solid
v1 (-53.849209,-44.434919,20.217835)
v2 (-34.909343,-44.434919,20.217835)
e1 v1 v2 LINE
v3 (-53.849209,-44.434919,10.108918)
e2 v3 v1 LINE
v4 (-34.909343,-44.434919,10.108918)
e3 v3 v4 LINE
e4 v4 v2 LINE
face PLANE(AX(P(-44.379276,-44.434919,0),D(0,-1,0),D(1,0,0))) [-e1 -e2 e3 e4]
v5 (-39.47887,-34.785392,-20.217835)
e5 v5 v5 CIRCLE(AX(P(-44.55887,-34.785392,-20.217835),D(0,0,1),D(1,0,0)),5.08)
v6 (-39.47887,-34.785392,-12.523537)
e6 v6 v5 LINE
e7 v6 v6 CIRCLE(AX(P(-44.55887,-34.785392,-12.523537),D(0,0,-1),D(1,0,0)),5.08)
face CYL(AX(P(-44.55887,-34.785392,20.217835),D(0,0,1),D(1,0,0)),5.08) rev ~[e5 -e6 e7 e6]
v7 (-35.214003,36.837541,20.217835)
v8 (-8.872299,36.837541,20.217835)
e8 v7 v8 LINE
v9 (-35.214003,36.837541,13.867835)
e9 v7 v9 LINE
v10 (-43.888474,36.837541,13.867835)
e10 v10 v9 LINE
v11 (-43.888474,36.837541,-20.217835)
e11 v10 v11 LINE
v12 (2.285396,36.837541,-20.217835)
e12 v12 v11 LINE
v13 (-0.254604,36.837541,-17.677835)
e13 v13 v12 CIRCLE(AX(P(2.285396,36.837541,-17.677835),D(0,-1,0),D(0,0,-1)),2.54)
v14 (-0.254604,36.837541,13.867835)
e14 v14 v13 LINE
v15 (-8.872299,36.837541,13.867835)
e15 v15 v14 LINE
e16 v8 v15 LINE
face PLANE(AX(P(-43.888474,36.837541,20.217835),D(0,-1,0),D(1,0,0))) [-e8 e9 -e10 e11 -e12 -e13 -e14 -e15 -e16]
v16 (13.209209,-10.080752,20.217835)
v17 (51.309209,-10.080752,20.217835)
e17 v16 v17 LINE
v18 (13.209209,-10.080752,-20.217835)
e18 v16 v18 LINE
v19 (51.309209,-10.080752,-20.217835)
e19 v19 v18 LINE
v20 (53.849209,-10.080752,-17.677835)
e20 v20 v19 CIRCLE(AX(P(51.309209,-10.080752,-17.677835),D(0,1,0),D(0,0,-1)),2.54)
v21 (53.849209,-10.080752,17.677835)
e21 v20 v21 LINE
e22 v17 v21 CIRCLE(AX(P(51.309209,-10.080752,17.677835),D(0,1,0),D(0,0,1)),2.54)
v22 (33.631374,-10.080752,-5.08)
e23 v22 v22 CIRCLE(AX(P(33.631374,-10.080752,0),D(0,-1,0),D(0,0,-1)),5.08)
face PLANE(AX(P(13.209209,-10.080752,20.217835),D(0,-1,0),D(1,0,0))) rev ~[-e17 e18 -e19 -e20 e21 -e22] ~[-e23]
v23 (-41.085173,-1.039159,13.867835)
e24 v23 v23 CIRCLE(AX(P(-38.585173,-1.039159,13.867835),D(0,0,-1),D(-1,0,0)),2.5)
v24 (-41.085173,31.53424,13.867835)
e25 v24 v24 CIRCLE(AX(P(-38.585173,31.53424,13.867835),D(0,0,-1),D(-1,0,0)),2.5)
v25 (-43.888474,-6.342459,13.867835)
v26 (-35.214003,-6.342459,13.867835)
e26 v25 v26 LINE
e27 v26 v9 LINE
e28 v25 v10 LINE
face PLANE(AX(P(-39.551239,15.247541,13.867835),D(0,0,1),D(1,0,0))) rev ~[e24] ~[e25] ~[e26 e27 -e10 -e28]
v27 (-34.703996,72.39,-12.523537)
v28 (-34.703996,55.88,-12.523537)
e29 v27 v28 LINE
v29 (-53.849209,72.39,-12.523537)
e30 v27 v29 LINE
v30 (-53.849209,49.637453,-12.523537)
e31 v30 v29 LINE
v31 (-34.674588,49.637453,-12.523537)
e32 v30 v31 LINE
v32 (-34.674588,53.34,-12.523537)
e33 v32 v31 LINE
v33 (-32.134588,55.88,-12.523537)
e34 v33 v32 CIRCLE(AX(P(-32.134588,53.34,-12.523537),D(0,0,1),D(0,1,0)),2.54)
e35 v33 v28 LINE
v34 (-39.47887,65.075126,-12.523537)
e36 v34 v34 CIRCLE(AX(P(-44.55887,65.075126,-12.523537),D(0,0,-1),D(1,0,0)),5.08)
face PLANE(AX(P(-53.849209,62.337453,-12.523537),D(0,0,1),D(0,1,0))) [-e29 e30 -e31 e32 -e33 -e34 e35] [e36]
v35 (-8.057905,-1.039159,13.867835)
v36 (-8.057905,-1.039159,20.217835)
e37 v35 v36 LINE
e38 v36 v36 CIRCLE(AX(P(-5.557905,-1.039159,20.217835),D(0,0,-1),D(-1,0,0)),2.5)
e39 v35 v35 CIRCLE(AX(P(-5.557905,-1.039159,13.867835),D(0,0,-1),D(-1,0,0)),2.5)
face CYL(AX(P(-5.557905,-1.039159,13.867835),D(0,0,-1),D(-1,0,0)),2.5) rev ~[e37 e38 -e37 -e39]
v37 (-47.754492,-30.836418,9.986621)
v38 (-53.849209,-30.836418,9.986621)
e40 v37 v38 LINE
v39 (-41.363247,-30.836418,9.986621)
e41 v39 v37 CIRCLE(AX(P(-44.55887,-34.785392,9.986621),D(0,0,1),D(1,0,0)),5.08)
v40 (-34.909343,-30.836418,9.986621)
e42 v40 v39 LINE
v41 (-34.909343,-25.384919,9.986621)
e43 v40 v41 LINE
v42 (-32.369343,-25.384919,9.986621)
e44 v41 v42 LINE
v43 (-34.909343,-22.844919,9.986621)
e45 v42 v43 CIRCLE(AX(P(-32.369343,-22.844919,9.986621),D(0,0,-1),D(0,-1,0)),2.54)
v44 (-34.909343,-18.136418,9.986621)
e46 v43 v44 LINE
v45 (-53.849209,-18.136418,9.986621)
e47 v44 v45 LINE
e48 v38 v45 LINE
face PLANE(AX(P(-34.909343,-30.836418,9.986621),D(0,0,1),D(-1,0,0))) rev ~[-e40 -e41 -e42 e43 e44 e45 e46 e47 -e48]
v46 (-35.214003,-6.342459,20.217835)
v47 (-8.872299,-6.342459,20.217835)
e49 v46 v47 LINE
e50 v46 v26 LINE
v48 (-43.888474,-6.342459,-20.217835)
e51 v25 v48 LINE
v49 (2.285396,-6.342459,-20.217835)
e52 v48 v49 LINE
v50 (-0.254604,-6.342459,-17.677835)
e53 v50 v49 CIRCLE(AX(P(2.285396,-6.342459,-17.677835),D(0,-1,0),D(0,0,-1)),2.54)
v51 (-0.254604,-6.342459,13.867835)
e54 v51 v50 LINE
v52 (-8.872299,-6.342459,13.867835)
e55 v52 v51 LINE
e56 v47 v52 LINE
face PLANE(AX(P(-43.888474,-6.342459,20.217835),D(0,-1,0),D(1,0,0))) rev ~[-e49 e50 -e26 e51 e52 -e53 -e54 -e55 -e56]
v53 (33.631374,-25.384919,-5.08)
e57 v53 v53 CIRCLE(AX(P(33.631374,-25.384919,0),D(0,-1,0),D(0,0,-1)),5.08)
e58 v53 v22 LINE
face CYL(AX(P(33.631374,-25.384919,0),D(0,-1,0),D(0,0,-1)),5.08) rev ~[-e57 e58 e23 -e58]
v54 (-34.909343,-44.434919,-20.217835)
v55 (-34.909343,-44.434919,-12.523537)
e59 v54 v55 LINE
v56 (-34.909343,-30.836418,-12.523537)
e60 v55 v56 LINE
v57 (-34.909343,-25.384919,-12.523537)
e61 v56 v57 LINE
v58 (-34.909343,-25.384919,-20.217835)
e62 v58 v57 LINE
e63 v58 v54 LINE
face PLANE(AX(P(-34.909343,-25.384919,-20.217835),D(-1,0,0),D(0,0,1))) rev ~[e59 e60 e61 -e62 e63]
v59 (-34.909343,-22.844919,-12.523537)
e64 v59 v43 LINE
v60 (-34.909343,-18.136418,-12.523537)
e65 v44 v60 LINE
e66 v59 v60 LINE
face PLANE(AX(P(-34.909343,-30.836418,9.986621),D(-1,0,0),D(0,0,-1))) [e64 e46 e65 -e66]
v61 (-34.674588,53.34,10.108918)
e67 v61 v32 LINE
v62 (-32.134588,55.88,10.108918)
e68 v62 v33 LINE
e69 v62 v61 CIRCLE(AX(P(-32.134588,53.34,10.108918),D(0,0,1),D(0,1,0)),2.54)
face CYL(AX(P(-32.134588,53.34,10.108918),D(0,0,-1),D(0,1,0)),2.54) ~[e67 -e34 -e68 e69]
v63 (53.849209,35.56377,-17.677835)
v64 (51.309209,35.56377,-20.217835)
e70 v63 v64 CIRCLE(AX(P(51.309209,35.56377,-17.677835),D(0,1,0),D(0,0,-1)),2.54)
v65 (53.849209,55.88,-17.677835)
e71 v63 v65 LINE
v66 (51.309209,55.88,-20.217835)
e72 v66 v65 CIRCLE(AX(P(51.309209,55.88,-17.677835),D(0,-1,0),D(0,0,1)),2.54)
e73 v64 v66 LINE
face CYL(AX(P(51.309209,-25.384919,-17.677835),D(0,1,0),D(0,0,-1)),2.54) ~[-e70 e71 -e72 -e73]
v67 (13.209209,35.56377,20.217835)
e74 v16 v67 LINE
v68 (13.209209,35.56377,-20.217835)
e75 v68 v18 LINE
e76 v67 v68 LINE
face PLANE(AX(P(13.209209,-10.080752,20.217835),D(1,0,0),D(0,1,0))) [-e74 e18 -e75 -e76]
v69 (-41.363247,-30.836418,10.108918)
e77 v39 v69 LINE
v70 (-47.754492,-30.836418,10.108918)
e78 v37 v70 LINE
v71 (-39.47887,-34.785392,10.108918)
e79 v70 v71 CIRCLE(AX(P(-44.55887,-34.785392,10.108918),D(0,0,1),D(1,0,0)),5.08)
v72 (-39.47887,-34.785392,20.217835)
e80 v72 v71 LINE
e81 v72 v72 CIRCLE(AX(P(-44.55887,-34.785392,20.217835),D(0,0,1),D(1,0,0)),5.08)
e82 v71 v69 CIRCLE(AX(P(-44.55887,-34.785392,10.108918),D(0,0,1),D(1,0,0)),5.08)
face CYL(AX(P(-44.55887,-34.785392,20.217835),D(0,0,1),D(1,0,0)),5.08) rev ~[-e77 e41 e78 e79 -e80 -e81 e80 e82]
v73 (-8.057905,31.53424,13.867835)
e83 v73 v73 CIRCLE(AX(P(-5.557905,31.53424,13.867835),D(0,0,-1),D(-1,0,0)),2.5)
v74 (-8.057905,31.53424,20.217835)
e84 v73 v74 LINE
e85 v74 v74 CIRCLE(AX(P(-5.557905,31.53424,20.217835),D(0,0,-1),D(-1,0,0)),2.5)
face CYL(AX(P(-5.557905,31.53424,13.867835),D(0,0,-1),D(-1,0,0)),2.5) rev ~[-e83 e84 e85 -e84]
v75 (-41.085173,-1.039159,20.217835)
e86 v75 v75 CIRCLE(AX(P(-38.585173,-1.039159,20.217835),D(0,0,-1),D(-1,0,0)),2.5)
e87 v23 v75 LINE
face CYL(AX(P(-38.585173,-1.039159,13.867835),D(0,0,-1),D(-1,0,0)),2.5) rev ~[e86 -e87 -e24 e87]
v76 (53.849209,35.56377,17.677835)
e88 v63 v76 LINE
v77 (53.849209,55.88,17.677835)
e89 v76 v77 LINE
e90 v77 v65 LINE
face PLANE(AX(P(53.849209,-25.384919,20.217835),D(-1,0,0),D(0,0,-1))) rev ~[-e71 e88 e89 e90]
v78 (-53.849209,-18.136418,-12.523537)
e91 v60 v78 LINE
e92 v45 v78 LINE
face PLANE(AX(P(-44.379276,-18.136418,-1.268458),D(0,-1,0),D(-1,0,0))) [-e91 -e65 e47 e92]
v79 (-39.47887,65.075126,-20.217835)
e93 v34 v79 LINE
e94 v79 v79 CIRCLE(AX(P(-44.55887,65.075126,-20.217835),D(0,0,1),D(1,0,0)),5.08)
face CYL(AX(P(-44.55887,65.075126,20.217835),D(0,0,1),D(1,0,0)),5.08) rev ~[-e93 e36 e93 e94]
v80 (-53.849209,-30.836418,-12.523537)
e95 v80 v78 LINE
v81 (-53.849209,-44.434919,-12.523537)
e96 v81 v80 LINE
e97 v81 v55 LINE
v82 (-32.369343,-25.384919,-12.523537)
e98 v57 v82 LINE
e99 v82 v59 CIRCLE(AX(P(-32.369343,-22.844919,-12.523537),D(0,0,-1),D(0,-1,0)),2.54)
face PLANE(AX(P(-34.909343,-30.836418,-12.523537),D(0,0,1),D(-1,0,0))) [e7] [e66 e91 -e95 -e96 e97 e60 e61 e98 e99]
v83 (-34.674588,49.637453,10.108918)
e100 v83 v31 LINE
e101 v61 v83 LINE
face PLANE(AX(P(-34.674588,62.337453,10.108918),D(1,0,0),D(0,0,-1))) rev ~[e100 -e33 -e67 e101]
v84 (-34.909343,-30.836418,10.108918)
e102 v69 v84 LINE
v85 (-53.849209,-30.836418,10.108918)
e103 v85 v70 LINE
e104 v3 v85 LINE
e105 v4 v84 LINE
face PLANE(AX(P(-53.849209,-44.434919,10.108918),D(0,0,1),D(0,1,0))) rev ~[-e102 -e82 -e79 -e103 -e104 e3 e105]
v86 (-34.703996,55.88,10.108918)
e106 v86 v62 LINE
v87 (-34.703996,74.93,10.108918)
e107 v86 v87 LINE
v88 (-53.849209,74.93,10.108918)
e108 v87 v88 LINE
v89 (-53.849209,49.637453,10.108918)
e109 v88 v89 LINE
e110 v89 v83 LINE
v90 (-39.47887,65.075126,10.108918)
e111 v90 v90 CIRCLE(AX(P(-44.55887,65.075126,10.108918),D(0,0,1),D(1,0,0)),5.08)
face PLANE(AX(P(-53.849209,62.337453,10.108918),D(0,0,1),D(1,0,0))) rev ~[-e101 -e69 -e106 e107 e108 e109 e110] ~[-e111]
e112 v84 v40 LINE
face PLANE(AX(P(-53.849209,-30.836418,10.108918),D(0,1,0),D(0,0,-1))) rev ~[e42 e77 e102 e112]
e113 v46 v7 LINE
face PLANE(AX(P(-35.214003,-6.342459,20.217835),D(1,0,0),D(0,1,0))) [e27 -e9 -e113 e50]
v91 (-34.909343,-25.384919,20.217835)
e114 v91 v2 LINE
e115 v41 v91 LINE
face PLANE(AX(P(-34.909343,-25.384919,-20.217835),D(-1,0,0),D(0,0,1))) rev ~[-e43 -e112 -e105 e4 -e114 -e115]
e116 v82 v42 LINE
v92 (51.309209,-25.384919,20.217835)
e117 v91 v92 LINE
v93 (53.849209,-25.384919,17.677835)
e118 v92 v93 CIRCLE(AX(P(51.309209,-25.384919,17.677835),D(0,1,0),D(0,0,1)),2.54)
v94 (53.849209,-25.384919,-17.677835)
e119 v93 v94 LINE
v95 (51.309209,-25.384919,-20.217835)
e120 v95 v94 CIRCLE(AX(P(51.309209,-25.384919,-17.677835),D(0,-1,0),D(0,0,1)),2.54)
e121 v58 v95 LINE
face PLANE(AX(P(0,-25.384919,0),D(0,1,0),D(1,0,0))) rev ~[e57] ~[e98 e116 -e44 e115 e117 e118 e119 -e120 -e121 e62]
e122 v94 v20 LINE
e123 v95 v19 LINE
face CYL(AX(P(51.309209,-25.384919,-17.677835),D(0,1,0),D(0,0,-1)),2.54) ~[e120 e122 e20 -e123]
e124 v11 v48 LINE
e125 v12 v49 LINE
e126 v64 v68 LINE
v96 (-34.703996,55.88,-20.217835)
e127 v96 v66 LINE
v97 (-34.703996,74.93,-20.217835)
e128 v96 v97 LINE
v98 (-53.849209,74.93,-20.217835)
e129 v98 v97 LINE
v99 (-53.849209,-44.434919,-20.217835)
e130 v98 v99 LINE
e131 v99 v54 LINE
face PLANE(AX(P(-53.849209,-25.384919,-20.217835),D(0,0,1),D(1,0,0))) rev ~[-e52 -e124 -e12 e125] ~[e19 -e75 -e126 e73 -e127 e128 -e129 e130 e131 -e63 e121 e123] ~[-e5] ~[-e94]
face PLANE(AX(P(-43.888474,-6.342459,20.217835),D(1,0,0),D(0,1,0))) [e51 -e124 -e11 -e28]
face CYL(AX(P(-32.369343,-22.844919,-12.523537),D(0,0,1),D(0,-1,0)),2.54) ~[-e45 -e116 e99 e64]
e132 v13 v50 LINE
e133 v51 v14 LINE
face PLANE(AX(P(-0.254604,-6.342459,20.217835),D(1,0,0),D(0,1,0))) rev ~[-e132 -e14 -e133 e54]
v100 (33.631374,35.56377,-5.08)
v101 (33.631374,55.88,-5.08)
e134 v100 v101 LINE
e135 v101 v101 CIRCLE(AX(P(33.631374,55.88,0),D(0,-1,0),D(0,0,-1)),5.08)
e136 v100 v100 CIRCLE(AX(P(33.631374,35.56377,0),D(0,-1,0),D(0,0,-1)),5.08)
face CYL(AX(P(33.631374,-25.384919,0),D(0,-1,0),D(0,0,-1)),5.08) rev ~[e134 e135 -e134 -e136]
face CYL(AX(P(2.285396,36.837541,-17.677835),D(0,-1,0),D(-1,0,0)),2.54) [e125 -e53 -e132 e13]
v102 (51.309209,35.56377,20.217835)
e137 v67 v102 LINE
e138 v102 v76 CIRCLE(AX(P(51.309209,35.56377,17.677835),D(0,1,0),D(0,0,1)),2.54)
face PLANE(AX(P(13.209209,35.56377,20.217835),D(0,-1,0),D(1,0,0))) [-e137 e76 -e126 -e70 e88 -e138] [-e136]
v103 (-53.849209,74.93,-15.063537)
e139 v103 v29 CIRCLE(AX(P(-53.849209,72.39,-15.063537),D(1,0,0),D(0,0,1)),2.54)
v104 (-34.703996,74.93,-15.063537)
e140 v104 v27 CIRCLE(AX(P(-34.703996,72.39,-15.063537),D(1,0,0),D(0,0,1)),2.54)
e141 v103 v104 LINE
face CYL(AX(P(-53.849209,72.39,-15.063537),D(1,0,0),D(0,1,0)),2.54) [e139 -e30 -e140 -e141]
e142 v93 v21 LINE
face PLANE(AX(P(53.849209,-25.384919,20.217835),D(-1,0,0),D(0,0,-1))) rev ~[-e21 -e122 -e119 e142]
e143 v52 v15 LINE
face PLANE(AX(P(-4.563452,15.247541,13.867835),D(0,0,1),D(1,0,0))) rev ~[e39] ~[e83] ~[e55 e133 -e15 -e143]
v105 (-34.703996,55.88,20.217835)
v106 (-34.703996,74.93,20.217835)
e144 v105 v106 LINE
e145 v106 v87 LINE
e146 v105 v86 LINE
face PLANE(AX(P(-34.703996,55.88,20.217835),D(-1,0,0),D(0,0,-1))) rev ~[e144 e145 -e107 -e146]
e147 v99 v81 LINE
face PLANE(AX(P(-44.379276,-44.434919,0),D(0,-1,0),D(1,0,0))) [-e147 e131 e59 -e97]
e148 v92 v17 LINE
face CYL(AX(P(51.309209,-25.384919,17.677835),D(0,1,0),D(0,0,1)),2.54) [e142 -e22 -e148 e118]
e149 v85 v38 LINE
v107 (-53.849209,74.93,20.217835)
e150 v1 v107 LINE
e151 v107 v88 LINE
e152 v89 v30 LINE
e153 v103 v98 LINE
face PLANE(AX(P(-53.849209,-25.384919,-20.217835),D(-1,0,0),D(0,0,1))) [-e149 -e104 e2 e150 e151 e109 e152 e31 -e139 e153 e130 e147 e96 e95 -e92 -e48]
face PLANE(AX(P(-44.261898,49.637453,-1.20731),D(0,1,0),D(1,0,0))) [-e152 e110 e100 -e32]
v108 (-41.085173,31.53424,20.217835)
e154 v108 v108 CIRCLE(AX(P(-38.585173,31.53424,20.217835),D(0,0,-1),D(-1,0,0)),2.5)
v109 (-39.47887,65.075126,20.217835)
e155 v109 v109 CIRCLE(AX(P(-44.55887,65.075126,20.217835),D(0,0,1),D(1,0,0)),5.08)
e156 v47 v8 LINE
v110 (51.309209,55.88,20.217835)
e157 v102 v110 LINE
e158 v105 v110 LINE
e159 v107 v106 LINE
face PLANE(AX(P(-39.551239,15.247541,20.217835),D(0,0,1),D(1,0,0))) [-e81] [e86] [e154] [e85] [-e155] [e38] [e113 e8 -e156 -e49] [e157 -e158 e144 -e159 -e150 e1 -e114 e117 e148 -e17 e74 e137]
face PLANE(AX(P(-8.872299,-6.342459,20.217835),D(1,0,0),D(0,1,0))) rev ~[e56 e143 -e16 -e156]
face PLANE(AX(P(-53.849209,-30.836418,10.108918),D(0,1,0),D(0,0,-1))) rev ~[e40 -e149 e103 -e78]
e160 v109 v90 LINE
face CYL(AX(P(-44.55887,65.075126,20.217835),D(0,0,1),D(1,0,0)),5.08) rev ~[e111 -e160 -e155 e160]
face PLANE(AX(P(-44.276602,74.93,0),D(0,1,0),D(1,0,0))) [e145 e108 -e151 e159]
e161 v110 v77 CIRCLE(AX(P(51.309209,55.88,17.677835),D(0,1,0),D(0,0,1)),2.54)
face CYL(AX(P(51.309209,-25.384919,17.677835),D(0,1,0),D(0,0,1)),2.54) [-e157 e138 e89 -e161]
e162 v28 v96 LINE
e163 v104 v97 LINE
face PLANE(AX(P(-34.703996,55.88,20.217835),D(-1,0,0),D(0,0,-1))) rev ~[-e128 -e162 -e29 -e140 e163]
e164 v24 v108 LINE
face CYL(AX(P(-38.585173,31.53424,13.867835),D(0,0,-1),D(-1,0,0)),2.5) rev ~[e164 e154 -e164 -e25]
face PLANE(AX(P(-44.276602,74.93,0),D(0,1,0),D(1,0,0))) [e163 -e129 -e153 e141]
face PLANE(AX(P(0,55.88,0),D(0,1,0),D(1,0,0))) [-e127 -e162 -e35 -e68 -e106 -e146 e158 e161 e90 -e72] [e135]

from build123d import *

# Parameters (mm, degrees)
BOSS_EXTRUDE1_DEPTH      = 55.88
BOSS_EXTRUDE1_DEPTH_BACK = 25.384918905
SKETCH1_W                = 107.698417182
SKETCH1_H                = 40.435670154
SKETCH7_W                = 43.633869471
SKETCH7_H                = 43.18
CUT_EXTRUDE8_DEPTH       = 88.506314553
SKETCH11_R               = 5.08
CUT_EXTRUDE9_DEPTH       = 100.561464261
FILLET2_R                = 2.54
SKETCH13_W               = 44.238094174
SKETCH13_H               = 45.644522424
CUT_EXTRUDE12_DEPTH      = 88.506314553
SKETCH16_W               = 19.145212778
SKETCH16_H               = 40.435670154
BOSS_EXTRUDE3_DEPTH      = 19.05
SKETCH17_W               = 18.93986558
SKETCH17_H               = 40.435670154
BOSS_EXTRUDE4_DEPTH      = 19.05
SKETCH18_R               = 5.08
CUT_EXTRUDE14_DEPTH      = 101.743662762
SKETCH19_W               = 12.523537134
SKETCH19_H               = 13.59850093
SKETCH19_W_2             = 10.108917538
SKETCH19_H_2             = 12.59254748
CUT_EXTRUDE15_DEPTH      = 19.05
SKETCH20_W               = 18.93986558
SKETCH20_H               = 22.510158117
CUT_EXTRUDE16_DEPTH      = 12.7
SKETCH23_W               = 22.632454672
SKETCH23_H               = 12.59254748
CUT_EXTRUDE19_DEPTH      = 12.7
SKETCH24_W               = 19.174620912
SKETCH24_H               = 22.632454672
CUT_EXTRUDE20_DEPTH      = 12.7
FILLET4_R                = 2.54
FILLET5_R                = 2.54
SKETCH25_W               = 8.617694519
SKETCH25_H               = 43.18
BOSS_EXTRUDE5_DEPTH      = 6.35
SKETCH26_W               = 8.674470407
SKETCH26_H               = 43.18
BOSS_EXTRUDE6_DEPTH      = 6.35
SKETCH27_R               = 2.5
CUT_EXTRUDE21_DEPTH      = 6.35
SKETCH22_W               = 22.632454672
SKETCH22_H               = 12.59254748
CUT_EXTRUDE18_DEPTH      = 12.7


with BuildPart() as part:
    # Sketch1 → Boss-Extrude1 (new, two sides: drawn at the far end of the back side and taken through both)
    with BuildSketch(Plane(origin=(0, 0, 0), x_dir=(1, 0, 0), z_dir=(0, 1, 0)).offset(-BOSS_EXTRUDE1_DEPTH_BACK)):
        Rectangle(SKETCH1_W, SKETCH1_H)
    extrude(amount=BOSS_EXTRUDE1_DEPTH + BOSS_EXTRUDE1_DEPTH_BACK)

    # Sketch7 → Cut-Extrude8 (cut, through all)
    with BuildSketch(Plane.XY.offset(20.217835077)):
        with Locations((-22.071539031, 15.247540547)):
            Rectangle(SKETCH7_W, SKETCH7_H)
    extrude(amount=-CUT_EXTRUDE8_DEPTH, mode=Mode.SUBTRACT)

    # Sketch11 → Cut-Extrude9 (cut, through all)
    with BuildSketch(Plane(origin=(0, -25.384918905, 0), x_dir=(-1, 0, 0), z_dir=(0, -1, 0))):
        with Locations(Location((-33.631373514, 0, 0), (0, 0, 90))):
            Circle(SKETCH11_R)
    extrude(amount=-CUT_EXTRUDE9_DEPTH, mode=Mode.SUBTRACT)

    # Fillet2
    fillet2_edges = [part.edges().sort_by_distance(p)[0] for p in [
        (53.849208591, 15.247540547, 20.217835077),
        (53.849208591, 15.247540547, -20.217835077),
    ]]
    fillet(fillet2_edges, radius=FILLET2_R)

    # Sketch13 → Cut-Extrude12 (cut, through all)
    with BuildSketch(Plane.XY.offset(20.217835077)):
        with Locations((35.328255678, 12.741509062)):
            Rectangle(SKETCH13_W, SKETCH13_H)
    extrude(amount=-CUT_EXTRUDE12_DEPTH, mode=Mode.SUBTRACT)

    # Sketch16 → Boss-Extrude3 (add)
    with BuildSketch(Plane(origin=(0, 55.88, 0), x_dir=(1, 0, 0), z_dir=(0, 1, 0))):
        with Locations((-44.276602202, 0)):
            Rectangle(SKETCH16_W, SKETCH16_H)
    extrude(amount=BOSS_EXTRUDE3_DEPTH)

    # Sketch17 → Boss-Extrude4 (add)
    with BuildSketch(Plane.XZ.offset(25.384918905)):
        with Locations((-44.379275801, 0)):
            Rectangle(SKETCH17_W, SKETCH17_H)
    extrude(amount=BOSS_EXTRUDE4_DEPTH)

    # Sketch18 → Cut-Extrude14 (cut, through all)
    with BuildSketch(Plane.XY.offset(20.217835077)):
        with Locations((-44.558869733, 65.07512608)):
            Circle(SKETCH18_R)
        with Locations((-44.558869733, -34.785392183)):
            Circle(SKETCH18_R)
    extrude(amount=-CUT_EXTRUDE14_DEPTH, mode=Mode.SUBTRACT)

    # Sketch19 → Cut-Extrude15 (cut)
    with BuildSketch(Plane.ZY.offset(53.849208591)):
        with Locations((-6.261768567, -37.63566844)):
            Rectangle(SKETCH19_W, SKETCH19_H)
        with Locations((5.054458769, -37.63566844)):
            Rectangle(SKETCH19_W_2, SKETCH19_H)
        with Locations((-6.261768567, 68.63372626)):
            Rectangle(SKETCH19_W, SKETCH19_H_2)
        with Locations((5.054458769, 68.63372626)):
            Rectangle(SKETCH19_W_2, SKETCH19_H_2)
    extrude(amount=-CUT_EXTRUDE15_DEPTH, mode=Mode.SUBTRACT)

    # Sketch20 → Cut-Extrude16 (cut)
    with BuildSketch(Plane(origin=(0, -30.836417975, 0), x_dir=(-1, 0, 0), z_dir=(0, -1, 0))):
        with Locations((44.379275801, 1.268458076)):
            Rectangle(SKETCH20_W, SKETCH20_H)
    extrude(amount=-CUT_EXTRUDE16_DEPTH, mode=Mode.SUBTRACT)

    # Sketch23 → Cut-Extrude19 (cut)
    with BuildSketch(Plane.ZY.offset(34.799208591)):
        with Locations((-1.207309798, 68.63372626)):
            Rectangle(SKETCH23_W, SKETCH23_H)
    extrude(amount=-CUT_EXTRUDE19_DEPTH, mode=Mode.SUBTRACT)

    # Sketch24 → Cut-Extrude20 (cut)
    with BuildSketch(Plane(origin=(0, 62.33745252, 0), x_dir=(1, 0, 0), z_dir=(0, 1, 0))):
        with Locations((-44.261898135, 1.207309798)):
            Rectangle(SKETCH24_W, SKETCH24_H)
    extrude(amount=-CUT_EXTRUDE20_DEPTH, mode=Mode.SUBTRACT)

    # Fillet4
    fillet4_edges = [part.edges().sort_by_distance(p)[0] for p in [
        (-44.276602202, 74.93, -12.523537134),
        (-0.254604295, 15.247540547, -20.217835077),
    ]]
    fillet(fillet4_edges, radius=FILLET4_R)

    # Fillet5
    fillet5_edges = [part.edges().sort_by_distance(p)[0] for p in [
        (-34.909343011, -25.384918905, -1.268458075),
        (-34.674587679, 55.88, -1.207309798),
    ]]
    fillet(fillet5_edges, radius=FILLET5_R)

    # Sketch25 → Boss-Extrude5 (add)
    with BuildSketch(Plane.XY.offset(20.217835077)):
        with Locations((-4.563451555, 15.247540547)):
            Rectangle(SKETCH25_W, SKETCH25_H)
    extrude(amount=-BOSS_EXTRUDE5_DEPTH)

    # Sketch26 → Boss-Extrude6 (add)
    with BuildSketch(Plane.XY.offset(20.217835077)):
        with Locations((-39.551238563, 15.247540547)):
            Rectangle(SKETCH26_W, SKETCH26_H)
    extrude(amount=-BOSS_EXTRUDE6_DEPTH)

    # Sketch27 → Cut-Extrude21 (cut)
    with BuildSketch(Plane(origin=(0, 0, 13.867835077), x_dir=(-1, 0, 0), z_dir=(0, 0, -1))):
        with Locations((5.557905154, -1.039158594)):
            Circle(SKETCH27_R)
        with Locations((5.557905154, 31.534239688)):
            Circle(SKETCH27_R)
        with Locations((38.585172907, -1.039158594)):
            Circle(SKETCH27_R)
        with Locations((38.585172907, 31.534239688)):
            Circle(SKETCH27_R)
    extrude(amount=-CUT_EXTRUDE21_DEPTH, mode=Mode.SUBTRACT)

    # Sketch22 → Cut-Extrude18 (cut)
    with BuildSketch(Plane.ZY.offset(34.799208591)):
        with Locations((-1.207309798, 68.63372626)):
            Rectangle(SKETCH22_W, SKETCH22_H)
    extrude(amount=-CUT_EXTRUDE18_DEPTH, mode=Mode.SUBTRACT)


solid = part.part
